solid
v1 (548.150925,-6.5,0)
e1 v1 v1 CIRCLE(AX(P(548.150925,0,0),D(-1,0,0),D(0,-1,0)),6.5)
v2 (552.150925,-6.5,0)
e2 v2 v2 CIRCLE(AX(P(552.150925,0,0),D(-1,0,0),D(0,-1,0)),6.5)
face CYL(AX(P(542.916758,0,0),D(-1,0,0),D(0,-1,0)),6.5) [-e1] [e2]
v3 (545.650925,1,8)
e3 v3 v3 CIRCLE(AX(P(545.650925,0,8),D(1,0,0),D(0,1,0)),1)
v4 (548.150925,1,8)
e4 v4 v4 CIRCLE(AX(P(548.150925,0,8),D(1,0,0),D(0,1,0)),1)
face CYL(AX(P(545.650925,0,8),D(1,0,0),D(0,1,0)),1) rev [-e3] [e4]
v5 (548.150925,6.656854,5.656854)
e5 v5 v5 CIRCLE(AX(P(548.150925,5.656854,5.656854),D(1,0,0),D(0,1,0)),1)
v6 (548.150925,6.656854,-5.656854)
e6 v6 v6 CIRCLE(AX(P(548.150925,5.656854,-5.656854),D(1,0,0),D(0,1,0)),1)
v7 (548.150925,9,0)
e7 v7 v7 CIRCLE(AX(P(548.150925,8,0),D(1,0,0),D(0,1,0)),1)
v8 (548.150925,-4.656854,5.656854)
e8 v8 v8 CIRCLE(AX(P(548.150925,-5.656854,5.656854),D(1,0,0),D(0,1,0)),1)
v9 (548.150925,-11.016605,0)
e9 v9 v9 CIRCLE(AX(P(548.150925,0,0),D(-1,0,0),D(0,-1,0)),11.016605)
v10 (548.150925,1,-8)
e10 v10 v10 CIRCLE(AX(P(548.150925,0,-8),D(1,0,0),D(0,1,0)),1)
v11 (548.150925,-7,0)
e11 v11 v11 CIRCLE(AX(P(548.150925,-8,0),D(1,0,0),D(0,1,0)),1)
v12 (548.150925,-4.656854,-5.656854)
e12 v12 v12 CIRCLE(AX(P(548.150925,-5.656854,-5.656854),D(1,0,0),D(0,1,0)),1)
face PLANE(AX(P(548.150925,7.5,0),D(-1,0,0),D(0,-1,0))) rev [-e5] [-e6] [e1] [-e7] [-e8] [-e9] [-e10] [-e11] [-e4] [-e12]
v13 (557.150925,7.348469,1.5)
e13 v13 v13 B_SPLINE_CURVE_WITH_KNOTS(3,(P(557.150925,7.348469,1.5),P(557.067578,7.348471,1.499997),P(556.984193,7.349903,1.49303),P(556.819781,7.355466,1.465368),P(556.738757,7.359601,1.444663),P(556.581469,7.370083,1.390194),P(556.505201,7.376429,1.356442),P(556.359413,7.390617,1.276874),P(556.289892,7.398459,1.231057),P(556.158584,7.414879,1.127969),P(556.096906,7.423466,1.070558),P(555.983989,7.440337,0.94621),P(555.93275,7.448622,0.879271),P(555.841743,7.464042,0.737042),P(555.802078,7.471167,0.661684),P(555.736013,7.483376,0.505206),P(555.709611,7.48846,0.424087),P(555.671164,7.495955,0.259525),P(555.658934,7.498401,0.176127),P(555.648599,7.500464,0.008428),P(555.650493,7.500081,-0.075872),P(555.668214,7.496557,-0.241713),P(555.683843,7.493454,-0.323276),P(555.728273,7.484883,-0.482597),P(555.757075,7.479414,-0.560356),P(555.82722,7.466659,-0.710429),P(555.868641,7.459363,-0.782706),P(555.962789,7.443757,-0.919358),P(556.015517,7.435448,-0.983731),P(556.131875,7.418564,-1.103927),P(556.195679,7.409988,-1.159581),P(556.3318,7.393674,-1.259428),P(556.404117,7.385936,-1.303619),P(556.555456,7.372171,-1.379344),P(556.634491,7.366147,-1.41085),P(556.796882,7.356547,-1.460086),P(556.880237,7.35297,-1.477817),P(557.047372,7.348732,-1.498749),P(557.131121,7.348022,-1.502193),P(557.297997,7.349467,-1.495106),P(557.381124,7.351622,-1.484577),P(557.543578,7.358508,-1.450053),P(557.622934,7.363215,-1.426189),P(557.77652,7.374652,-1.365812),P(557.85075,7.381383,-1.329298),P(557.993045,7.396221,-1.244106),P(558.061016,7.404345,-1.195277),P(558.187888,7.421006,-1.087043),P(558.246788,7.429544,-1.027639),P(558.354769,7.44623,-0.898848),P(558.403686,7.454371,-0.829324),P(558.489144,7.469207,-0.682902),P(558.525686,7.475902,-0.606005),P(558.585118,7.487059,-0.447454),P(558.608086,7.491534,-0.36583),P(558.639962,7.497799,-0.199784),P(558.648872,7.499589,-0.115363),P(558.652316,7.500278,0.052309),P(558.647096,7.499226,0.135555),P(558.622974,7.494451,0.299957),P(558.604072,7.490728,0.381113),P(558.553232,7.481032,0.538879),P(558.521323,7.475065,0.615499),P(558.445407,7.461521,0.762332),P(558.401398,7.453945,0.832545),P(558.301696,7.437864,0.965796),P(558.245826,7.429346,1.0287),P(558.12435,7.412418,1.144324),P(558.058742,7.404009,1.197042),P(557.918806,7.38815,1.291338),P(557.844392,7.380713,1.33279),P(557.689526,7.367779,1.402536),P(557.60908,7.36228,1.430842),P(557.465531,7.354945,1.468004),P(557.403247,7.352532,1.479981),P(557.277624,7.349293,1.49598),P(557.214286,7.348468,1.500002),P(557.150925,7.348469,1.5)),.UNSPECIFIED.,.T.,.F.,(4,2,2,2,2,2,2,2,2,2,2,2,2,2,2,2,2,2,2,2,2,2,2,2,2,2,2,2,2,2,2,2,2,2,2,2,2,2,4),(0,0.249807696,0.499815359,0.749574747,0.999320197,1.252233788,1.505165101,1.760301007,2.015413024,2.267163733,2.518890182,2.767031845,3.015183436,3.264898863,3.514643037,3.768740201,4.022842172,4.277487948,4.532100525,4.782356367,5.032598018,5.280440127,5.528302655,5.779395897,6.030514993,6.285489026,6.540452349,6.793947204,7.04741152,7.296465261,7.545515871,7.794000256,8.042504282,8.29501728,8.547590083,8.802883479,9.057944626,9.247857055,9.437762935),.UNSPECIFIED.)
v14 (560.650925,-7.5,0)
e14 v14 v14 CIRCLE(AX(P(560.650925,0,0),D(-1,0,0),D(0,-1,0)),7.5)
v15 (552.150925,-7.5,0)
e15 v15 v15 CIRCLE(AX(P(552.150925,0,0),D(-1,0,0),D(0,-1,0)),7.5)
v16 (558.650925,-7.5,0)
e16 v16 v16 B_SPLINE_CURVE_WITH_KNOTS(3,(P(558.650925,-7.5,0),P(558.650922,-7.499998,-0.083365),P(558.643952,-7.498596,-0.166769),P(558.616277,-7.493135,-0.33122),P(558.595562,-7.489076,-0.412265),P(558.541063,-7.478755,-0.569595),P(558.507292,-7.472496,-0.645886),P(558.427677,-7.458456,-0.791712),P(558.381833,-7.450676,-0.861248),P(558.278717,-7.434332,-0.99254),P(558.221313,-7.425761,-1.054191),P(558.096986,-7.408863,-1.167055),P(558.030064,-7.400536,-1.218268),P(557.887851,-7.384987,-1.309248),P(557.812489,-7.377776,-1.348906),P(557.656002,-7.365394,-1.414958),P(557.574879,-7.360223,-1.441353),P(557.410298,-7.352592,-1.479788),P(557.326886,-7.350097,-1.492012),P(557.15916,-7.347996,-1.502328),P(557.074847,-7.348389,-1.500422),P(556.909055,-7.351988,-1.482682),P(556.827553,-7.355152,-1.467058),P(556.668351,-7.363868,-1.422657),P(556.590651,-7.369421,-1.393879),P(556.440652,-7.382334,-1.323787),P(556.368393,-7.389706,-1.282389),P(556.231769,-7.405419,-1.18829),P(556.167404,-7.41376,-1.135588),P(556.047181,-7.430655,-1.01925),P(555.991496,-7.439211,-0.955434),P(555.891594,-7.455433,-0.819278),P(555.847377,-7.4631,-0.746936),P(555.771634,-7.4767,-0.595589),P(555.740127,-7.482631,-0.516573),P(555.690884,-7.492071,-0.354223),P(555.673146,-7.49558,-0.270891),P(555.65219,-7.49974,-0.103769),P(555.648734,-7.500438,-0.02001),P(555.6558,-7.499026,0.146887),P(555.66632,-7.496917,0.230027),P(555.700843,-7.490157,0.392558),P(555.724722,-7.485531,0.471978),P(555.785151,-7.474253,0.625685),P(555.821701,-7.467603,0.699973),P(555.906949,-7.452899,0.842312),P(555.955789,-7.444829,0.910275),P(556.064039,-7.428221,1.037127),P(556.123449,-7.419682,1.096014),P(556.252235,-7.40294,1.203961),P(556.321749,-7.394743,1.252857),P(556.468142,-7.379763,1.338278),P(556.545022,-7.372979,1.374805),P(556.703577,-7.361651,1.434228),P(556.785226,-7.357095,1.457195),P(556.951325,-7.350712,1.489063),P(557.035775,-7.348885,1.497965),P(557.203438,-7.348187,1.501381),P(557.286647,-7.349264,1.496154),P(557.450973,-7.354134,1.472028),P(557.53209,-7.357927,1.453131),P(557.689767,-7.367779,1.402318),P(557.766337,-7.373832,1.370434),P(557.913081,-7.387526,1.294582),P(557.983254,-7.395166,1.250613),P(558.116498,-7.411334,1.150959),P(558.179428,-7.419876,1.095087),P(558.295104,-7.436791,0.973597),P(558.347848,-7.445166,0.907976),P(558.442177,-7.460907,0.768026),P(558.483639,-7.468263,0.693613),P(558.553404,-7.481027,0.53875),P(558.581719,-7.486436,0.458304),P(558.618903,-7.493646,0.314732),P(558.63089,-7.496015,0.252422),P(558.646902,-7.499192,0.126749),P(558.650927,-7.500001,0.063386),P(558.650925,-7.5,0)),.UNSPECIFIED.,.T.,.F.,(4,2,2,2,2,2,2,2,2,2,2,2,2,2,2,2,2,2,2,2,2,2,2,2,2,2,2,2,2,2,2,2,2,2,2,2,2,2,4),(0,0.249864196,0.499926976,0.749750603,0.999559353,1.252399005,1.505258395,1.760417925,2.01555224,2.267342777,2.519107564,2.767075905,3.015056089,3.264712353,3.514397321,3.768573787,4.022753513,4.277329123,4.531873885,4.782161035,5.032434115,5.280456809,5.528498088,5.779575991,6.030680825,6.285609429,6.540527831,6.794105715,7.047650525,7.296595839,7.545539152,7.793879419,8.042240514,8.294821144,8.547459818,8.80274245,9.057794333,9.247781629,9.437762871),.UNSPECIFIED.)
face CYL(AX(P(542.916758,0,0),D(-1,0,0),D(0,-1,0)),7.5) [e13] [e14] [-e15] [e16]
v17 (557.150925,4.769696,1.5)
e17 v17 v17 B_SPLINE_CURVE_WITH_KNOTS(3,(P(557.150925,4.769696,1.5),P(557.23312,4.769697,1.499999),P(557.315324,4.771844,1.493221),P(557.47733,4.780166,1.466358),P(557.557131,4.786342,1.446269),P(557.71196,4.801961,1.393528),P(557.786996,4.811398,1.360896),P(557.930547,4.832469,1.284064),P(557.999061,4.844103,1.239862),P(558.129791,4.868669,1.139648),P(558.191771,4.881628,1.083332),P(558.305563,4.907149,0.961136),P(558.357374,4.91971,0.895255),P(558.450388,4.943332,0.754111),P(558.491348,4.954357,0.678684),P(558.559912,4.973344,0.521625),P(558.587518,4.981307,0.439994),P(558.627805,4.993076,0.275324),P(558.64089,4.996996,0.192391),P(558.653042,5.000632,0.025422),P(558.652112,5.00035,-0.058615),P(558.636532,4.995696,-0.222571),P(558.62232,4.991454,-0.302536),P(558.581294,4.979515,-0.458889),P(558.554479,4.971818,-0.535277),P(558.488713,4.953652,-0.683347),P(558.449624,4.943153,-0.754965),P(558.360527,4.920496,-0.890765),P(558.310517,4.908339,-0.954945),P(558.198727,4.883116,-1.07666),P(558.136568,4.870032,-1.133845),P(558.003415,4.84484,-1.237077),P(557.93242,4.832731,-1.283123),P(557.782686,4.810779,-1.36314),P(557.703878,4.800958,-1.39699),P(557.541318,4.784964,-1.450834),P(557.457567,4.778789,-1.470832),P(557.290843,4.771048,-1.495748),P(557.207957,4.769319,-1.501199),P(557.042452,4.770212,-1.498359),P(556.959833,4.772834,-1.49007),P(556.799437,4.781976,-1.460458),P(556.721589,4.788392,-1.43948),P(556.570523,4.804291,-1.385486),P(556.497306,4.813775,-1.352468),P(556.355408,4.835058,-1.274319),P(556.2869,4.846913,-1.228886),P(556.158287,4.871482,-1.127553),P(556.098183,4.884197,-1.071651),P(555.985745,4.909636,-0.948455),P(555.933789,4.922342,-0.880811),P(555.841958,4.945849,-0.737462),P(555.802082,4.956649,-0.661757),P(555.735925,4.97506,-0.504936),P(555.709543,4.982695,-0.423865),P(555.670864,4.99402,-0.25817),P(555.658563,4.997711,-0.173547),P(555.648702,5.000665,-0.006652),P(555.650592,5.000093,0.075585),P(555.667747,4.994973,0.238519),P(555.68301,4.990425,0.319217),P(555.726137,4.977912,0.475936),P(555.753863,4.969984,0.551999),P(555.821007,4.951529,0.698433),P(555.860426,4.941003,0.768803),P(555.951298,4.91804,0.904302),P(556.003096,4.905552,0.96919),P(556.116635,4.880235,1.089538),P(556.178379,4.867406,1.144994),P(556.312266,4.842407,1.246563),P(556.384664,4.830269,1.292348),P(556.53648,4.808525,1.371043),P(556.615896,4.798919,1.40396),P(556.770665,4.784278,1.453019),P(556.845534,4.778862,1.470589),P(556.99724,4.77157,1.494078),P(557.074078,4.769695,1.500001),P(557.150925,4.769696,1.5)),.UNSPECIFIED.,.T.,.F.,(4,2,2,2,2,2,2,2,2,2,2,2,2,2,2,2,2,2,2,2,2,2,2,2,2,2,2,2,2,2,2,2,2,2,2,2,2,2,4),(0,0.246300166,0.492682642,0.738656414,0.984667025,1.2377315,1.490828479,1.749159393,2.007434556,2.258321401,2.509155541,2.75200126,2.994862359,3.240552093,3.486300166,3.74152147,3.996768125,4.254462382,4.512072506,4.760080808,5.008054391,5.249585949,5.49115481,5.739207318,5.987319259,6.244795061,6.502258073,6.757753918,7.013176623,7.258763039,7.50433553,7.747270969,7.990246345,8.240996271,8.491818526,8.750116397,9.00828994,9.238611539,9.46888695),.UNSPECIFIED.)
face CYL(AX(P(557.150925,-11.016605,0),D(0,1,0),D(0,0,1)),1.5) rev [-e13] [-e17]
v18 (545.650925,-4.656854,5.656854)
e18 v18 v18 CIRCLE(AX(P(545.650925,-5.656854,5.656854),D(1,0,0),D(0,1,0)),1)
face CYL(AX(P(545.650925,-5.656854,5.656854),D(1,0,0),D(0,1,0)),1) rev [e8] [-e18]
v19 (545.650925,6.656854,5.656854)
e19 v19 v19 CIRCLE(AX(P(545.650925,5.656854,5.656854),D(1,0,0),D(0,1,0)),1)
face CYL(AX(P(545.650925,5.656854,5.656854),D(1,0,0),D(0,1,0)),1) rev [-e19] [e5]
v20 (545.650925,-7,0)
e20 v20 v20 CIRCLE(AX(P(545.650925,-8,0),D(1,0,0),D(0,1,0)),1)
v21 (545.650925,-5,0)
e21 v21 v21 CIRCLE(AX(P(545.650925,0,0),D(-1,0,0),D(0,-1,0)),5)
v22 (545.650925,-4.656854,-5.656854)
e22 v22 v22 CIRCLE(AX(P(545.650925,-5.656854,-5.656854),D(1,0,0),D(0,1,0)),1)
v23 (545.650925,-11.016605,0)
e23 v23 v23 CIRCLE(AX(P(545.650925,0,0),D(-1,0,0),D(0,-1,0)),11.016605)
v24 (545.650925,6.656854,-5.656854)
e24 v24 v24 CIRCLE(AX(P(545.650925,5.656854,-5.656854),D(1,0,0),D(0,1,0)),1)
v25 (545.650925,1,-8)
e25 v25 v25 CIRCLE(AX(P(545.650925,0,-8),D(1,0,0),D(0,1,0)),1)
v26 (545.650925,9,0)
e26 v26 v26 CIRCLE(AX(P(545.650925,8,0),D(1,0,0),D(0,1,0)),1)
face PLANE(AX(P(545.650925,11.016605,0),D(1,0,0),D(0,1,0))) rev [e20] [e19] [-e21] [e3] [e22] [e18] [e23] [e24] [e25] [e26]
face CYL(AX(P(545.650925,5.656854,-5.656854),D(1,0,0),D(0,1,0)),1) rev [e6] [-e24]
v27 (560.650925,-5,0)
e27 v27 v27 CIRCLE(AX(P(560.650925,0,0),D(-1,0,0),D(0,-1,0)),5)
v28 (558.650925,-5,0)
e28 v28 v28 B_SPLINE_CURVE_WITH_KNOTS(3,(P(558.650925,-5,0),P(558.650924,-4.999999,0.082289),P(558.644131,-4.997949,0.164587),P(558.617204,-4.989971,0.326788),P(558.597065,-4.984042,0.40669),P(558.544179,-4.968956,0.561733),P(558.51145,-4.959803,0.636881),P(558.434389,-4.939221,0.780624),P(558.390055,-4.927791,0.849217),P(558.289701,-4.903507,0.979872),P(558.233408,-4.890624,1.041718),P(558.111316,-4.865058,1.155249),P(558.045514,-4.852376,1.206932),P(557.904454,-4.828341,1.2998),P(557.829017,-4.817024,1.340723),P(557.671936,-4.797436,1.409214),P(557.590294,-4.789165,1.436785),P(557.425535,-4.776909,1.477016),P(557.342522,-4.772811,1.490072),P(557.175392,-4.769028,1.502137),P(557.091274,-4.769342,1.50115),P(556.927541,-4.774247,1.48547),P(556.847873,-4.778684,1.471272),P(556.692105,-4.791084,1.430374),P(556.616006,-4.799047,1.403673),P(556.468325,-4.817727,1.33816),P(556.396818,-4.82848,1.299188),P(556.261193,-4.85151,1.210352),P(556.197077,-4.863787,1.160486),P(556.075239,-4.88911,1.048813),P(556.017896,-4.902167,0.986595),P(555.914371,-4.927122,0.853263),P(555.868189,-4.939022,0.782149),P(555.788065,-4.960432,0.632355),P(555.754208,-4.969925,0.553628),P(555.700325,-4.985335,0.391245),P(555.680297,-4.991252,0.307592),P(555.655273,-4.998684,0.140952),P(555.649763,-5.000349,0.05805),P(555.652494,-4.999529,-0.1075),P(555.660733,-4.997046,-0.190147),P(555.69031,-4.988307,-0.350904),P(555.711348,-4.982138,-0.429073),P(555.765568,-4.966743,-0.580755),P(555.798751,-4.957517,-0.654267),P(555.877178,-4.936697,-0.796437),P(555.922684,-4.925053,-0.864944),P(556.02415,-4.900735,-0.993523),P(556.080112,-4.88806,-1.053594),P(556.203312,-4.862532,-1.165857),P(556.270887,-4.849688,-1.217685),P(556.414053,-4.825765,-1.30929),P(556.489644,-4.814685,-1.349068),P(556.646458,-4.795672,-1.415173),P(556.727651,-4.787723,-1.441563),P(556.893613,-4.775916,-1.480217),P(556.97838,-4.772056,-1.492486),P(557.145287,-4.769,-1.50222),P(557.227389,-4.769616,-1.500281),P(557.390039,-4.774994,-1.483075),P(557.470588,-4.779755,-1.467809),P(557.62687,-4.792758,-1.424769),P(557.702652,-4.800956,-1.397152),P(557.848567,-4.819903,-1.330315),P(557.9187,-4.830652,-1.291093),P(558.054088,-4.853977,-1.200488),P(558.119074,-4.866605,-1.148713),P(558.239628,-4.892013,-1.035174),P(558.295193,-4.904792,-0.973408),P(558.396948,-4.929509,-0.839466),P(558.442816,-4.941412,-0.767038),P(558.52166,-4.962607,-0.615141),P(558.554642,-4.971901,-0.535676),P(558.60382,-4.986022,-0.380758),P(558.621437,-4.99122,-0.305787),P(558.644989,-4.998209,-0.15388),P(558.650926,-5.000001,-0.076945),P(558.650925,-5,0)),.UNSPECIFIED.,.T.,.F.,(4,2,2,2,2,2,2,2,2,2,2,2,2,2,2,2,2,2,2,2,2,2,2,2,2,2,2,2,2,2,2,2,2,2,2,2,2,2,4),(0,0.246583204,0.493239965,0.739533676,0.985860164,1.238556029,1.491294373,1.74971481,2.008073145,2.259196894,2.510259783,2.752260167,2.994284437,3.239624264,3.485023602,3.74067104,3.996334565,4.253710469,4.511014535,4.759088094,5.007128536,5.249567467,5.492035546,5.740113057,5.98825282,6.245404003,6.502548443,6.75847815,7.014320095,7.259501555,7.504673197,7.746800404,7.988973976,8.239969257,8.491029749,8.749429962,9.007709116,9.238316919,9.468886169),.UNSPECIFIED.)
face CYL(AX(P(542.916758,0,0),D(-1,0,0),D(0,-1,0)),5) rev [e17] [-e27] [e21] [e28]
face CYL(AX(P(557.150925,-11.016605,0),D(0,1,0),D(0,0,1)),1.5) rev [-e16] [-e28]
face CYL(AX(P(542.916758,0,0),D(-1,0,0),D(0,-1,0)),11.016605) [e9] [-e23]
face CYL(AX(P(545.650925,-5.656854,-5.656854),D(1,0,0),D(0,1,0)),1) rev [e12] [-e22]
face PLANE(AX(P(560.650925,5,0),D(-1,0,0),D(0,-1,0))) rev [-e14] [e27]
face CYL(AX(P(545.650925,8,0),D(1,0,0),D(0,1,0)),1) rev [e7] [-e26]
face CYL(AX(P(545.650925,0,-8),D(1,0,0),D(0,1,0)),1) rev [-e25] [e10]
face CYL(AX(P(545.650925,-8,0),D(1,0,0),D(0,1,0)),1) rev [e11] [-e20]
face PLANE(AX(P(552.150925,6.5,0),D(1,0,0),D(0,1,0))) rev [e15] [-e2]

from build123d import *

# Parameters (mm, degrees)
CUT_EXTRUDE1_DEPTH      = 561.867355885
CUT_EXTRUDE1_DEPTH_BACK = 561.867355885
SKETCH3_R               = 1.5
SKETCH13_R              = 1
CUT_EXTRUDE2_DEPTH      = 20.974512648


with BuildPart() as part:
    # Sketch2 → Revolve1 (revolve)
    with BuildSketch(Plane.XY, mode=Mode.PRIVATE) as revolve1_sk:
        Polygon((560.650925037, 5), (560.650925037, 7.5), (552.150925037, 7.5), (552.150925037, 6.5), (548.150925037, 6.5), (548.150925037, 7.5), (548.150925037, 11.016604582), (545.650925037, 11.016604582), (545.650925037, 5), align=None)
    revolve(revolve1_sk.sketch.rotate(Axis((542.916757592, 0, 0), (1, 0, 0)), 180), axis=Axis((542.916757592, 0, 0), (1, 0, 0)))

    # Sketch3 → Cut-Extrude1 (cut, two sides: drawn at the far end of the back side and taken through both)
    with BuildSketch(Plane(origin=(0, 0, 0), x_dir=(1, 0, 0), z_dir=(0, 1, 0)).offset(-CUT_EXTRUDE1_DEPTH_BACK)):
        with Locations(Location((557.150925037, 0, 0), (0, 0, 270))):
            Circle(SKETCH3_R)
    extrude(amount=CUT_EXTRUDE1_DEPTH + CUT_EXTRUDE1_DEPTH_BACK, mode=Mode.SUBTRACT)

    # Sketch13 → Cut-Extrude2 (cut, through all)
    with BuildSketch(Plane(origin=(548.150925037, 0, 0), x_dir=(0, 0, -1), z_dir=(1, 0, 0))):
        with Locations(Location((0, 8, 0), (0, 0, 90))):
            Circle(SKETCH13_R)
        with Locations(Location((5.656854249, 5.656854249, 0), (0, 0, 90))):
            Circle(SKETCH13_R)
        with Locations(Location((8, 0, 0), (0, 0, 90))):
            Circle(SKETCH13_R)
        with Locations(Location((5.656854249, -5.656854249, 0), (0, 0, 90))):
            Circle(SKETCH13_R)
        with Locations(Location((0, -8, 0), (0, 0, 90))):
            Circle(SKETCH13_R)
        with Locations(Location((-5.656854249, -5.656854249, 0), (0, 0, 90))):
            Circle(SKETCH13_R)
        with Locations(Location((-8, 0, 0), (0, 0, 90))):
            Circle(SKETCH13_R)
        with Locations(Location((-5.656854249, 5.656854249, 0), (0, 0, 90))):
            Circle(SKETCH13_R)
    extrude(amount=-CUT_EXTRUDE2_DEPTH, mode=Mode.SUBTRACT)


solid = part.part
